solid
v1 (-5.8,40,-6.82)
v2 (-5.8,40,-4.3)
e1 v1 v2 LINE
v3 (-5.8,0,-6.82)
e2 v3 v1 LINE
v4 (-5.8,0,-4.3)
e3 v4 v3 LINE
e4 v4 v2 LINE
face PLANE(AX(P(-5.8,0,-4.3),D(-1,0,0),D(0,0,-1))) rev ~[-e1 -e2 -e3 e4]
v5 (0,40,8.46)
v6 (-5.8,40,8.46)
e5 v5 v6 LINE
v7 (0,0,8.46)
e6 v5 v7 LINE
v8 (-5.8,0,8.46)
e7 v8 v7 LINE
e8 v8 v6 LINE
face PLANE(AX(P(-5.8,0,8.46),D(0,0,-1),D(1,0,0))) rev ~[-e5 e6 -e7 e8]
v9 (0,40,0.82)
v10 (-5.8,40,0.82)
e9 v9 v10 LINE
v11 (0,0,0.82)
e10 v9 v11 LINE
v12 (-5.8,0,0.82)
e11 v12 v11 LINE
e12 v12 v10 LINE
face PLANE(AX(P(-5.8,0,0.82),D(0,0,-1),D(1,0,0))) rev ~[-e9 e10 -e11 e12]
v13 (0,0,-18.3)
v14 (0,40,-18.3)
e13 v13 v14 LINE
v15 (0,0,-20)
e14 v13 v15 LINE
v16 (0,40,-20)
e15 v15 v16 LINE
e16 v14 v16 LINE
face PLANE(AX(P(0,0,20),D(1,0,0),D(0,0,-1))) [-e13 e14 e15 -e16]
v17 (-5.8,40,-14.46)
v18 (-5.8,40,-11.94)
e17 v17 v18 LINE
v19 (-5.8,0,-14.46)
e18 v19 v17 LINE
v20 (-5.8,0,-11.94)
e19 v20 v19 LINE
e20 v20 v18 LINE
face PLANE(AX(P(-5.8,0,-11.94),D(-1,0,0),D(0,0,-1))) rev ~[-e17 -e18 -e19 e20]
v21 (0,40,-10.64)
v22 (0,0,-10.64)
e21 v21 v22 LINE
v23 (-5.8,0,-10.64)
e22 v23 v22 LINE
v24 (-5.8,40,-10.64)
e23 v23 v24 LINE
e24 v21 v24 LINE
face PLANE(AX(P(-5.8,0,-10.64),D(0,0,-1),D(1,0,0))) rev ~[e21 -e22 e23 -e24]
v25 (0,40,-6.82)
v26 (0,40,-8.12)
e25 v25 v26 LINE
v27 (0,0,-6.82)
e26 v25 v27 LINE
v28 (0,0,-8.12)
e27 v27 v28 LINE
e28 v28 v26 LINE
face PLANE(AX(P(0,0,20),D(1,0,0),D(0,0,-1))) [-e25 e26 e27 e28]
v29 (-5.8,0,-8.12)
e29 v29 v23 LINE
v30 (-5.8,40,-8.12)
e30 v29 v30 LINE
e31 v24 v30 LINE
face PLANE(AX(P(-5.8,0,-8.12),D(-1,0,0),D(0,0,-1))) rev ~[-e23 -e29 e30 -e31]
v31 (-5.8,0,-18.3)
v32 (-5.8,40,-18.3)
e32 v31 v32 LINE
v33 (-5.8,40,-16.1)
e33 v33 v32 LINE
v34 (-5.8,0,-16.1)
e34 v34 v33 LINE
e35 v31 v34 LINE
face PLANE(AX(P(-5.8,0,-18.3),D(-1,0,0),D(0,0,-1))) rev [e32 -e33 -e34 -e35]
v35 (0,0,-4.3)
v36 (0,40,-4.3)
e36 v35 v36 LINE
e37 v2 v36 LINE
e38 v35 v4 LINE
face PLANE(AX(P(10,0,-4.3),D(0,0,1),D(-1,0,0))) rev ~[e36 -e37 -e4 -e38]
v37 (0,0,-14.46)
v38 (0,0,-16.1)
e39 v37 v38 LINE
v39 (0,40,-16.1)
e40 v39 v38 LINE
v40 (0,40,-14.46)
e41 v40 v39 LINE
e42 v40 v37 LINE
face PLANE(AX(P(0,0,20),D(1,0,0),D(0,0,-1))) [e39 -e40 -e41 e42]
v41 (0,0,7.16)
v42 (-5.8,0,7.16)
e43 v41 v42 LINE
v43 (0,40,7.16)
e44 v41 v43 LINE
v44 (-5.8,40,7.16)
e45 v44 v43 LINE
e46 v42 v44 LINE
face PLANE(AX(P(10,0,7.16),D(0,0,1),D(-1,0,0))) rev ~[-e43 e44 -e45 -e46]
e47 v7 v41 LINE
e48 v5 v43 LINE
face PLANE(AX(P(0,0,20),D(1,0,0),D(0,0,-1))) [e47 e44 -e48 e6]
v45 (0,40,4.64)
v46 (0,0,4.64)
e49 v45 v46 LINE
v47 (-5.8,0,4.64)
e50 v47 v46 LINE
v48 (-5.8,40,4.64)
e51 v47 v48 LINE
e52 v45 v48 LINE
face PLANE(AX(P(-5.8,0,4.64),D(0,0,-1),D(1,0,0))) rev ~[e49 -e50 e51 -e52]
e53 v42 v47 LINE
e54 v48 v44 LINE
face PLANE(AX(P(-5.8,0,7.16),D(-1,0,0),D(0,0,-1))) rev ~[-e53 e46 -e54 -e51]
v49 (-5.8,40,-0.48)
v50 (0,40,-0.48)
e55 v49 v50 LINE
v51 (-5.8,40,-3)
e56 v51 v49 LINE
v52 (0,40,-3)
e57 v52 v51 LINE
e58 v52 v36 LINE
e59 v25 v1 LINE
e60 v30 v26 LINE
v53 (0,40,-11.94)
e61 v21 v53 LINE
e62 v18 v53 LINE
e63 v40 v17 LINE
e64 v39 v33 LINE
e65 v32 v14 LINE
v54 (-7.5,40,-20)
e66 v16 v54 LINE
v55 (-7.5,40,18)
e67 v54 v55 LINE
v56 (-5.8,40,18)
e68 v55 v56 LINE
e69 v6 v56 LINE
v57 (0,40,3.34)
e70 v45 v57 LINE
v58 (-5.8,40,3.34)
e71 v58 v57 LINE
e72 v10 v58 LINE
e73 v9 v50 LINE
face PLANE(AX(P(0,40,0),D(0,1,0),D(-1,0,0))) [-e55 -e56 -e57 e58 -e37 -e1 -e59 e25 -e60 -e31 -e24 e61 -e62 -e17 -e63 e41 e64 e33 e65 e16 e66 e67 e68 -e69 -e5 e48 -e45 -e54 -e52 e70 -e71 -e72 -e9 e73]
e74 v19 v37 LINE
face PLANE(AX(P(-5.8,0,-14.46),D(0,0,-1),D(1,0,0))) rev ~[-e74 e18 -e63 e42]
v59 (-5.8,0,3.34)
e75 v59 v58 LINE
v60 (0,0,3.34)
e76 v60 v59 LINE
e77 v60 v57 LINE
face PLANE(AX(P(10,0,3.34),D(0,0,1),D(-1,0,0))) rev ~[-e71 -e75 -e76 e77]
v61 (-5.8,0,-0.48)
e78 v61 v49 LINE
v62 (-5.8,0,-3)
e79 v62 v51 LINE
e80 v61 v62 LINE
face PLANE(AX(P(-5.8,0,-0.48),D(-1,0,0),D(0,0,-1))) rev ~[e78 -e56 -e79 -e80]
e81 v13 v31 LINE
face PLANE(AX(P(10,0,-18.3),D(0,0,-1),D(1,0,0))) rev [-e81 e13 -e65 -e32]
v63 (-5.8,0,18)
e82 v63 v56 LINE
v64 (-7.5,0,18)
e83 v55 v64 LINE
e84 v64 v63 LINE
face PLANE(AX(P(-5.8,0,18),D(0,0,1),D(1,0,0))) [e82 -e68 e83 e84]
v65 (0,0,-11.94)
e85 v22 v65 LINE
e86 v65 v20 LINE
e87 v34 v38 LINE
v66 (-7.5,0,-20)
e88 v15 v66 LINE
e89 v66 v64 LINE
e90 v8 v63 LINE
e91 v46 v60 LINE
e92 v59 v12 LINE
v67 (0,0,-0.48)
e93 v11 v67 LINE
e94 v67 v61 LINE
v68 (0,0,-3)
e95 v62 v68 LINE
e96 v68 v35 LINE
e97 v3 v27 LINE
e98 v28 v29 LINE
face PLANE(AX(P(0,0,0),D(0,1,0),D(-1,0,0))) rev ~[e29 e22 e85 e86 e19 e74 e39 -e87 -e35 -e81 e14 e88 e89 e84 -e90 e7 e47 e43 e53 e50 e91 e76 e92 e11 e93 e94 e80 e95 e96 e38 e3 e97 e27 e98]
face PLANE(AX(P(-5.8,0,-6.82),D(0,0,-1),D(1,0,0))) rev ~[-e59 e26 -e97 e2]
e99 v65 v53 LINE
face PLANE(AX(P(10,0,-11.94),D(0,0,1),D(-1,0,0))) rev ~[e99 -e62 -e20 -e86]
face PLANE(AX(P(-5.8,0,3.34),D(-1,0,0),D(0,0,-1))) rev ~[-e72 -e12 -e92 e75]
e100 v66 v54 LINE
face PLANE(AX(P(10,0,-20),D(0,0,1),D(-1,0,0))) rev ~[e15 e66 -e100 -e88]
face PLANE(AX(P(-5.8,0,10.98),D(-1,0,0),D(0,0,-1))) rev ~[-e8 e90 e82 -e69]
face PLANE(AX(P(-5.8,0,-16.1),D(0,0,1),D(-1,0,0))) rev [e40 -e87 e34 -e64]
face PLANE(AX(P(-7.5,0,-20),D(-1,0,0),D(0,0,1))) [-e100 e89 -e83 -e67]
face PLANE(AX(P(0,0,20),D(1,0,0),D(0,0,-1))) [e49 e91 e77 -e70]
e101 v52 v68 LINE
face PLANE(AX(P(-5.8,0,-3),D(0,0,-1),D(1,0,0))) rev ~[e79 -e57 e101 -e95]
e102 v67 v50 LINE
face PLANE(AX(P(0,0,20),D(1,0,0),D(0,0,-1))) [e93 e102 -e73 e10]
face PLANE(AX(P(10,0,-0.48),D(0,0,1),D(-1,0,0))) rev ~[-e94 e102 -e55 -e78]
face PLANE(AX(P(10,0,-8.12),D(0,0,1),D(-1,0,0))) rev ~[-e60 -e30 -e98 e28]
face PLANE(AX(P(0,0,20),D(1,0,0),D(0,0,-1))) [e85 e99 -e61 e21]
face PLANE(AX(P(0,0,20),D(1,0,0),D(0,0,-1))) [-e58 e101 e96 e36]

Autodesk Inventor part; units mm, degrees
ref_plane "YZ Plane" through (0, 0, 0) normal (1, 0, 0) x (0, 1, 0)
ref_plane "XZ Plane" through (0, 0, 0) normal (0, 1, 0) x (-1, 0, 0)
ref_plane "XY Plane" through (0, 0, 0) normal (0, 0, 1) x (1, 0, 0)
sketch "Sketch1" plane through (0, 0, 0) normal (0, 1, 0) x (-1, 0, 0)
  line L0 (-10, -20) -> (10, -20)
  line L1 (10, -20) -> (10, 20)
  line L2 (10, 20) -> (-10, 20)
  line L3 (-10, 20) -> (-10, -20)
  line L4 (-10, -20) -> (10, 20) construction
  line L5 (10, -20) -> (-10, 20) construction
  point P0 (0, 0)
  dimension "d0" = 20
  dimension "d1" = 40
extrude "Extrusion1" add sketch "Sketch1" along normal blind 40
sketch "Sketch2" plane through (0, 0, 0) normal (0, -1, 0) x (1, 0, 0)
  line L0 (10, -20) -> (-10, -20) projected
  line L1 (10, 20) -> (10, -20) projected
  line L2 (-10, 20) -> (10, 20) projected
  line L3 (-10, -20) -> (-10, 20) projected
  line L4 (10, 20) -> (10, -20) projected
  line L5 (10, 18.3) -> (-5.8, 18.3)
  line L6 (-5.8, 18.3) -> (-5.8, 16.1)
  line L7 (-5.8, 16.1) -> (10, 16.1)
  line L8 (10, 16.1) -> (10, 18.3)
  point P0 (0, 0)
  dimension "d4" = 1.7
  dimension "d5" = 4.2
  dimension "d6" = 2.2
extrude "Extrusion2" cut sketch "Sketch2" against normal through all contours L7 L6 L5 L1
mirror "Mirror1" about plane through (0, 0, 0) normal (0, 0, 1) of "Extrusion2"
sketch "Sketch3" plane through (0, 0, 0) normal (0, -1, 0) x (1, 0, 0)
  line L0 (-5.8, -16.1) -> (10, -16.1) projected
  line L1 (10, 16.1) -> (10, -16.1) projected
  line L2 (10, 16.1) -> (-5.8, 16.1) projected
  line L3 (-5.8, 16.1) -> (-5.8, 18.3) projected
  line L4 (-5.8, 18.3) -> (10, 18.3) projected
  line L5 (10, 20) -> (10, 18.3) projected
  line L6 (-10, 20) -> (10, 20) projected
  line L7 (-10, -20) -> (-10, 20) projected
  line L8 (10, -20) -> (-10, -20) projected
  line L9 (10, -18.3) -> (10, -20) projected
  line L10 (10, -18.3) -> (-5.8, -18.3) projected
  line L11 (-5.8, -18.3) -> (-5.8, -16.1) projected
  line L12 (10, 14.8) -> (-5.8, 14.8)
  line L13 (-5.8, 14.8) -> (-5.8, 12.28)
  line L14 (-5.8, 12.28) -> (10, 12.28)
  line L15 (10, 12.28) -> (10, 14.8)
  point P0 (0, 0)
  dimension "d9" = 1.3
  dimension "d10" = 2.52
extrude "Extrusion3" cut sketch "Sketch3" against normal through all contours L14 L13 L12 L1
pattern_linear "Rectangular Pattern1" count 8 spacing 3.82 along (0, 0, -1) of "Extrusion3"
sketch "Sketch4" plane through (-10, 0, -20) normal (-1, 0, 0) x (0, 0, 1)
  line L0 (0, 0) -> (40, 0) projected
  line L1 (40, 0) -> (40, 40) projected
  line L2 (0, 40) -> (40, 40) projected
  line L3 (0, 0) -> (0, 40) projected
  point P0 (20, 0)
extrude "Extrusion4" cut sketch "Sketch4" against normal blind 2.5
sketch "Sketch5" plane through (10, 0, 20) normal (1, 0, 0) x (0, 0, -1)
  line L0 (-7.9901, -7.3422) -> (53.3048, -7.3422)
  line L1 (53.3048, -7.3422) -> (53.3048, 101.8937)
  line L2 (53.3048, 101.8937) -> (-7.9901, 101.8937)
  line L3 (-7.9901, 101.8937) -> (-7.9901, -7.3422)
  point P0 (20, 0)
extrude "Extrusion5" cut sketch "Sketch5" against normal blind 10
sketch "Sketch8" plane through (0, 0, 20) normal (1, 0, 0) x (0, 0, -1)
  line L0 (0, 0) -> (40, 0) projected
  line L1 (0, 40) -> (0, 0) projected
  line L2 (40, 40) -> (0, 40) projected
  line L3 (40, 0) -> (40, 40) projected
  line L4 (0, 0) -> (0, 40) projected
  line L5 (12.84, 0) -> (11.54, 0) projected
  line L6 (0, 40) -> (11.54, 40)
  line L7 (11.54, 40) -> (11.54, 0)
  line L8 (11.54, 0) -> (0, 0)
  line L9 (0, 0) -> (0, 40)
  point P0 (20, 0)
extrude "Extrusion8" cut sketch "Sketch8" against normal up to surface (5.8 mm away) contours L1 L2 L7 L0
sketch "Sketch9" plane through (-5.8, 0, 20) normal (0, 0, 1) x (1, 0, 0)
  line L0 (0, 0) -> (0, 40) projected
  line L1 (-1.7, 40) -> (0, 40) projected
  line L2 (-1.7, 40) -> (-1.7, 0) projected
  line L3 (-1.7, 0) -> (0, 0) projected
  point P0 (5.8, 0)
extrude "Extrusion9" cut sketch "Sketch9" against normal blind 2
properties part number "BMS_Heatsink"
